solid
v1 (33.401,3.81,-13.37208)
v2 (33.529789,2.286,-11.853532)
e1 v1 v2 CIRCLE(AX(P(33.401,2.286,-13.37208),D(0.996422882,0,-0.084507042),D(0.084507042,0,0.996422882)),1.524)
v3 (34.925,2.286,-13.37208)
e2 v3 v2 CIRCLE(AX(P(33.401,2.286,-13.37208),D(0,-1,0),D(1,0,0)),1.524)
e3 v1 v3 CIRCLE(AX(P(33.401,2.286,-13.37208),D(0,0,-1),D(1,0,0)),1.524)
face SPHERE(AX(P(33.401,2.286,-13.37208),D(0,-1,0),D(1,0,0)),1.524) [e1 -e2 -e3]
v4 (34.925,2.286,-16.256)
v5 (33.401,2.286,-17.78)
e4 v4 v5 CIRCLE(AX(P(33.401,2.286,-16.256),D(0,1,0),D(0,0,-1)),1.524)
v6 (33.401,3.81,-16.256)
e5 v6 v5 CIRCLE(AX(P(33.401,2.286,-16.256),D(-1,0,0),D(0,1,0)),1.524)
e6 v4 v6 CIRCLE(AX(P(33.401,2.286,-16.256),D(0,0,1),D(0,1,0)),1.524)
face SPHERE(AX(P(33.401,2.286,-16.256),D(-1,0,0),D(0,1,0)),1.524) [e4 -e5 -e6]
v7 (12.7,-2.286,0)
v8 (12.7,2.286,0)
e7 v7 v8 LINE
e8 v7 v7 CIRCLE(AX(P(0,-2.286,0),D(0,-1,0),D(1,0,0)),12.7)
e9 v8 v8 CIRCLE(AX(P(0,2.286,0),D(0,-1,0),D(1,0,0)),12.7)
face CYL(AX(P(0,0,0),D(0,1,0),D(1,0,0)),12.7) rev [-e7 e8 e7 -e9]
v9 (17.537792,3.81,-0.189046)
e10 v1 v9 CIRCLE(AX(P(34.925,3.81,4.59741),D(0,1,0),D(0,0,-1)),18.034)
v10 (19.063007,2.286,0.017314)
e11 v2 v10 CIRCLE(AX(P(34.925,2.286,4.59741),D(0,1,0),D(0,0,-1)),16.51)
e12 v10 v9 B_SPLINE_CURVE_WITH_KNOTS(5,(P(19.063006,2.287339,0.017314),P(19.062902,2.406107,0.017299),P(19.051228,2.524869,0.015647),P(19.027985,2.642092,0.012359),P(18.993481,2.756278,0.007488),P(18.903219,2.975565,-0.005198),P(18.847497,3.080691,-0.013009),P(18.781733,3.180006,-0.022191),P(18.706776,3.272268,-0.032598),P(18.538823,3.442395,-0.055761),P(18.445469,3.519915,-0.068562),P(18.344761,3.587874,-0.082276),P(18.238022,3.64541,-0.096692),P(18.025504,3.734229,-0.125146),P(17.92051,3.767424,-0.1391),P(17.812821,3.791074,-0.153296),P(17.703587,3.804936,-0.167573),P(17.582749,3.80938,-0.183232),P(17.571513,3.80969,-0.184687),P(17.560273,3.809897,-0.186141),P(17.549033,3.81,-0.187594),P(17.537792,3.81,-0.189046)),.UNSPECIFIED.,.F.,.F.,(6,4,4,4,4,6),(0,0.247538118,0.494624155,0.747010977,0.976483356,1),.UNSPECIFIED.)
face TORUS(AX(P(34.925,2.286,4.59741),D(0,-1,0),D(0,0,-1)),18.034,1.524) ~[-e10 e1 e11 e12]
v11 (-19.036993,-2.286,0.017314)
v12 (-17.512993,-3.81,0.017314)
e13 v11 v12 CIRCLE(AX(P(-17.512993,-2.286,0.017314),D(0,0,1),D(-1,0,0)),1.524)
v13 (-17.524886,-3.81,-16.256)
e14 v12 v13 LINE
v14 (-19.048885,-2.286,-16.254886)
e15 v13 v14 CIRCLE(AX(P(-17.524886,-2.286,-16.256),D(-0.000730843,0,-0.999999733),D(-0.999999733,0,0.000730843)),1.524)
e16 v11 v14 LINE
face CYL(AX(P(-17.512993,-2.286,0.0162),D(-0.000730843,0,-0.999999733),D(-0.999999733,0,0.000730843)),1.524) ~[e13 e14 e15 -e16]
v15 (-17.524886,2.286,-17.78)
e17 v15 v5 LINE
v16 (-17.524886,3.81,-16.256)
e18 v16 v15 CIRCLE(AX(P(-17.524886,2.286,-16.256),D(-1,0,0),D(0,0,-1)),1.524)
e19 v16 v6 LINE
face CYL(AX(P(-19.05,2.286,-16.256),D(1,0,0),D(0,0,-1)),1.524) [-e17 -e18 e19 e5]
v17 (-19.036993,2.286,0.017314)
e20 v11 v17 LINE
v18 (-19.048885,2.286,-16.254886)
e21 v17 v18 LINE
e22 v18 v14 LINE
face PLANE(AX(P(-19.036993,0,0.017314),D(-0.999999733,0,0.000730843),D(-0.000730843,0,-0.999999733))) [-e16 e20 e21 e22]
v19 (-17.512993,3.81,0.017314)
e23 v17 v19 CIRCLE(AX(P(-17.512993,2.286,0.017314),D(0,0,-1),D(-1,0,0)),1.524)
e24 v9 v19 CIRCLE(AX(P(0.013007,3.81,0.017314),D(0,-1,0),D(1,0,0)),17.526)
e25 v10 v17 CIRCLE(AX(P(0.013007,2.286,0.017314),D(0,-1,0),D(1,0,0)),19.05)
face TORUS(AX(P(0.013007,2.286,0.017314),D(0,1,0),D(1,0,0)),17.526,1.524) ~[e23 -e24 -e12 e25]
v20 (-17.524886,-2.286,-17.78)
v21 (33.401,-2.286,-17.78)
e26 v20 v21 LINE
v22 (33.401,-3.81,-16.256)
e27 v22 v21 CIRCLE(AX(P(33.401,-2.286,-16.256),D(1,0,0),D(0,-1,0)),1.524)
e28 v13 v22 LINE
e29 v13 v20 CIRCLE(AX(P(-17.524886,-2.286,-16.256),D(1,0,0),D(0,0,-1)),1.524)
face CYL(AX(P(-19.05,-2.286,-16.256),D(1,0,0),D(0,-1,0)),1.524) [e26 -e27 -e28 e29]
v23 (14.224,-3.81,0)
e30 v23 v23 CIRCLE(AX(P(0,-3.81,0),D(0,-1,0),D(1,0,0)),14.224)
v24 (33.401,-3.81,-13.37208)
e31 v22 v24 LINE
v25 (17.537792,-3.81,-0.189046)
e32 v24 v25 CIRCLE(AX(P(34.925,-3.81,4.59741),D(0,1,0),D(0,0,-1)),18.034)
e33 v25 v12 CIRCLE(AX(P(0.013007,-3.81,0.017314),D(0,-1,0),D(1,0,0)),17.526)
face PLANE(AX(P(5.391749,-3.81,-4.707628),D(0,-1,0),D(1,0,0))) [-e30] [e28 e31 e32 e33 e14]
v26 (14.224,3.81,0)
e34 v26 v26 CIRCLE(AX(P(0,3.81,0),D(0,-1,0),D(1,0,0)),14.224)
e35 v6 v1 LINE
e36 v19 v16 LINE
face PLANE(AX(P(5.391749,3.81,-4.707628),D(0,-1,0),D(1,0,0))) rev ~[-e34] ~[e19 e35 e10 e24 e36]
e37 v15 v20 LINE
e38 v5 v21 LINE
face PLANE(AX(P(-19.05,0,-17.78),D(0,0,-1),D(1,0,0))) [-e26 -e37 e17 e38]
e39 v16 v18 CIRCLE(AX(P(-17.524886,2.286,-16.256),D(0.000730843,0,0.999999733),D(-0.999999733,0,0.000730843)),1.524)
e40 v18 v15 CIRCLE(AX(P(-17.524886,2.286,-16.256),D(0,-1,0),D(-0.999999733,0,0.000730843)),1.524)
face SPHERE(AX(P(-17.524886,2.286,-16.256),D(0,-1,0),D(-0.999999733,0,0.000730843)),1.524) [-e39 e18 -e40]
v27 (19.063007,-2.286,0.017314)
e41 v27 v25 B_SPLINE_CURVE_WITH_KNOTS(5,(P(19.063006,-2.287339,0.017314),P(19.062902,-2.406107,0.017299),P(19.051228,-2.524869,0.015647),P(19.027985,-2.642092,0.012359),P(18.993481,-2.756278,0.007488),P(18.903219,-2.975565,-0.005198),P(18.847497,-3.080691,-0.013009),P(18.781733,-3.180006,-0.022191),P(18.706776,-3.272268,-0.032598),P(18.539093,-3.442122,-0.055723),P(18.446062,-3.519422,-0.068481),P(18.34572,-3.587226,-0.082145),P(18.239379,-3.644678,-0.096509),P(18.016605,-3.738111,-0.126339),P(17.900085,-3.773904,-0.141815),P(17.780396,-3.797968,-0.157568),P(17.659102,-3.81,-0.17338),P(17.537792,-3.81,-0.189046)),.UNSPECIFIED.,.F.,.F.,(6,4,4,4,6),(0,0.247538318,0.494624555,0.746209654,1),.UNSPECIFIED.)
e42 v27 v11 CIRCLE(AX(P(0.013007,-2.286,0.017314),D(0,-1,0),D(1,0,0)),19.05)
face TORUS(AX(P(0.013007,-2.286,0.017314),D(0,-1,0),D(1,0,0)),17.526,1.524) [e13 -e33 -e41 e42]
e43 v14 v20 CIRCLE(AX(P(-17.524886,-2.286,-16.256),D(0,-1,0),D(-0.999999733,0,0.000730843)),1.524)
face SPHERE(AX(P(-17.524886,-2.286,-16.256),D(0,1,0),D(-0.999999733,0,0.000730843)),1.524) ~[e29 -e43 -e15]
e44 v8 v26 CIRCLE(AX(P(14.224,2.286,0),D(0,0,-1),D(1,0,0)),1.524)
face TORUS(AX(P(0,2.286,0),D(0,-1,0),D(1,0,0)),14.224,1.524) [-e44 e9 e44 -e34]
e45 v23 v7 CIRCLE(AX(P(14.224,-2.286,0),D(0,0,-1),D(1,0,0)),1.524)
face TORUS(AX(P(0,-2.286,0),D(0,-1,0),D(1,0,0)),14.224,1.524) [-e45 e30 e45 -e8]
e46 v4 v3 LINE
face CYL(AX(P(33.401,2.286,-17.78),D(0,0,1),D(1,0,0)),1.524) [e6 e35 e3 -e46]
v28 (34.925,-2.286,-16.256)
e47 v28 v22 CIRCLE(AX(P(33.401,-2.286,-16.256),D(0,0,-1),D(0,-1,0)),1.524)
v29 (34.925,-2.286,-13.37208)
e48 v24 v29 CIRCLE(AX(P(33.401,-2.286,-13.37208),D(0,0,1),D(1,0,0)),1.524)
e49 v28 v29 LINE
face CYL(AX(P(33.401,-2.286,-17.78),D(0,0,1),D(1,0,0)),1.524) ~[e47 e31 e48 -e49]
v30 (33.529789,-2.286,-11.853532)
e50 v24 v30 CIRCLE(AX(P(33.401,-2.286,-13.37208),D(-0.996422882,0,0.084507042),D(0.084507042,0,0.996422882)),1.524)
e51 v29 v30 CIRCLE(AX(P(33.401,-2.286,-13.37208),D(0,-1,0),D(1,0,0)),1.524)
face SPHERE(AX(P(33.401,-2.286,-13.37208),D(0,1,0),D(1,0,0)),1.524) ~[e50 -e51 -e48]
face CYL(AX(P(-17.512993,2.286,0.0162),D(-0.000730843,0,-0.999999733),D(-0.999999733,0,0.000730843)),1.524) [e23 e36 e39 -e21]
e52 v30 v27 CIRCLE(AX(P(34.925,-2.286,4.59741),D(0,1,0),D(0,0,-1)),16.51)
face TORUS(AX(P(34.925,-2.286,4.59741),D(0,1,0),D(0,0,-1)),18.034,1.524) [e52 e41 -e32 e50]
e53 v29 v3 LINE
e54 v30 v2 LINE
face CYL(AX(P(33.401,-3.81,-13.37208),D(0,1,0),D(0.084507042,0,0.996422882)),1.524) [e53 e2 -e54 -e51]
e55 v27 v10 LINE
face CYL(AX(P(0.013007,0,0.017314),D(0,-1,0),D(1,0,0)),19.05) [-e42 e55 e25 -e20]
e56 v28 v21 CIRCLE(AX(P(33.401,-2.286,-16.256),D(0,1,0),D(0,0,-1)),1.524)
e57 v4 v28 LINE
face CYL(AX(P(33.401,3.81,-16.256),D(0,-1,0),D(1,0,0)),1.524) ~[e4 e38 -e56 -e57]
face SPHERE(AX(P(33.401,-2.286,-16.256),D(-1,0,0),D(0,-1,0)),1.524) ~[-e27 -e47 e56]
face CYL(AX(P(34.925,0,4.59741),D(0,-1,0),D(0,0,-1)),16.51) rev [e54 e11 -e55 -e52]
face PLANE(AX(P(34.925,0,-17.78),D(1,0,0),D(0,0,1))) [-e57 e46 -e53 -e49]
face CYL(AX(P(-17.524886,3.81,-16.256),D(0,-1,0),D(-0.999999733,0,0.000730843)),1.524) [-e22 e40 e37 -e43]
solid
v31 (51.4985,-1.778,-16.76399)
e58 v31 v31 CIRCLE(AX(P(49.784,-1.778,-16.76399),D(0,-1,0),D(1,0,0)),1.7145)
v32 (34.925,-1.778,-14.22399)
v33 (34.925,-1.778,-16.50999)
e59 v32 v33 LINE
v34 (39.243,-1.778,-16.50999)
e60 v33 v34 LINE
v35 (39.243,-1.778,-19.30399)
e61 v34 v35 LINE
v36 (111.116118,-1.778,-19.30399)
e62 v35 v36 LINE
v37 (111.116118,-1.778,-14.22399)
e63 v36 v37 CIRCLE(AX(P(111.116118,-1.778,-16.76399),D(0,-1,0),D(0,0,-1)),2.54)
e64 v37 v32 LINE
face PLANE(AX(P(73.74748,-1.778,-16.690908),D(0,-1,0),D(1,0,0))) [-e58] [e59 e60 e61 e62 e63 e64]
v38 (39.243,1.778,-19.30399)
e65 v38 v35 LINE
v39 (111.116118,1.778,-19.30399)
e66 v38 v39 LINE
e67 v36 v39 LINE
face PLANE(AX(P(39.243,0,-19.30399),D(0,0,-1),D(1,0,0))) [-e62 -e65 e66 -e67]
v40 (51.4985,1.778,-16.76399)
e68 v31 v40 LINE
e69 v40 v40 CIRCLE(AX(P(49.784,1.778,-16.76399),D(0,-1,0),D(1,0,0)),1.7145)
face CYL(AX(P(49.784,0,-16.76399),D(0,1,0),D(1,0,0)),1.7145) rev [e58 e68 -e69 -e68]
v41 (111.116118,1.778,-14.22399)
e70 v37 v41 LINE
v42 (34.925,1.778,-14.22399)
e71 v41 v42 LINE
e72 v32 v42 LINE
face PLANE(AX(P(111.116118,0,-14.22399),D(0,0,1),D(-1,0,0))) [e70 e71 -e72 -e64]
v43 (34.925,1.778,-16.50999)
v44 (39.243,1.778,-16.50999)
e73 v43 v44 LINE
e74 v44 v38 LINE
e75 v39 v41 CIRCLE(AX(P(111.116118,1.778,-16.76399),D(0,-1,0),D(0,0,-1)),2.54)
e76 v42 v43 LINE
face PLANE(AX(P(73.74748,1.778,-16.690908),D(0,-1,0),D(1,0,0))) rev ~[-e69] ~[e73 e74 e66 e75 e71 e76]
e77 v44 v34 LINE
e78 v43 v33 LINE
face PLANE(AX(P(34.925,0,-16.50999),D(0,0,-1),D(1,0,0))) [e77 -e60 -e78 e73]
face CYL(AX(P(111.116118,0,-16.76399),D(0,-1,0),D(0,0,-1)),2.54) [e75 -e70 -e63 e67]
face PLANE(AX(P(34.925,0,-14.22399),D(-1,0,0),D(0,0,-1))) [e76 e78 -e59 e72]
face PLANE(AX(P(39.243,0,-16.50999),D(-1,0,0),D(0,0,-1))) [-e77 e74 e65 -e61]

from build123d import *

# Parameters (mm, degrees)
F0_R     = 1.7145
F1_DEPTH = 1.778
F0_R_2   = 12.7
F2_DEPTH = 3.81
F3_R     = 1.524


with BuildPart() as f1:
    # F0 (on Front) → F1 (new body, symmetric)
    with BuildSketch(Plane.XZ):
        with BuildLine():
            Line((34.925, -14.2239901728), (34.925, -16.5099901728))
            Line((34.925, -16.5099901728), (39.243, -16.5099901728))
            Line((39.243, -16.5099901728), (39.243, -19.3039901728))
            Line((39.243, -19.3039901728), (111.1161178446, -19.3039901728))
            ThreePointArc((111.1161178446, -19.3039901728), (113.6561178446, -16.7639901728), (111.1161178446, -14.2239901728))
            Line((111.1161178446, -14.2239901728), (34.925, -14.2239901728))
        make_face()
        with Locations((49.784, -16.7639901728)):
            Circle(F0_R, mode=Mode.SUBTRACT)
    extrude(amount=F1_DEPTH, both=True)


with BuildPart() as f2:
    # F0 (on Front) → F2 (new body, symmetric)
    with BuildSketch(Plane.XZ):
        with BuildLine():
            Line((-19.036992955, 0.0173138134), (-19.05, -17.78))
            Line((-19.05, -17.78), (34.925, -17.78))
            Line((34.925, -17.78), (34.925, -16.5099901728))
            Line((34.925, -16.5099901728), (34.925, -14.2239901728))
            Line((34.925, -14.2239901728), (34.925, -11.9125901728))
            ThreePointArc((34.925, -11.9125901728), (25.0012226241, -8.5972384286), (19.063007045, 0.0173138134))
            ThreePointArc((19.063007045, 0.0173138134), (0.013007045, 19.0673138134), (-19.036992955, 0.0173138134))
        make_face()
        Circle(F0_R_2, mode=Mode.SUBTRACT)
    extrude(amount=F2_DEPTH, both=True)

    # F3
    f3_edges = [f2.edges().sort_by_distance(p)[0] for p in [
        (-19.043496, -3.81, -8.881343),
        (7.9375, -3.81, -17.78),
        (34.925, -3.81, -14.846295),
        (25.001223, -3.81, -8.597238),
        (0.013007, -3.81, 19.067314),
        (-12.7, -3.81, 0),
        (-19.043496, 3.81, -8.881343),
        (7.9375, 3.81, -17.78),
        (34.925, 3.81, -14.846295),
        (25.001223, 3.81, -8.597238),
        (0.013007, 3.81, 19.067314),
        (-12.7, 3.81, 0),
        (34.925, 0, -17.78),
        (34.925, 0, -11.91259),
        (-19.05, 0, -17.78),
    ]]
    fillet(f3_edges, radius=F3_R)


solid = Compound([f1.part, f2.part])
